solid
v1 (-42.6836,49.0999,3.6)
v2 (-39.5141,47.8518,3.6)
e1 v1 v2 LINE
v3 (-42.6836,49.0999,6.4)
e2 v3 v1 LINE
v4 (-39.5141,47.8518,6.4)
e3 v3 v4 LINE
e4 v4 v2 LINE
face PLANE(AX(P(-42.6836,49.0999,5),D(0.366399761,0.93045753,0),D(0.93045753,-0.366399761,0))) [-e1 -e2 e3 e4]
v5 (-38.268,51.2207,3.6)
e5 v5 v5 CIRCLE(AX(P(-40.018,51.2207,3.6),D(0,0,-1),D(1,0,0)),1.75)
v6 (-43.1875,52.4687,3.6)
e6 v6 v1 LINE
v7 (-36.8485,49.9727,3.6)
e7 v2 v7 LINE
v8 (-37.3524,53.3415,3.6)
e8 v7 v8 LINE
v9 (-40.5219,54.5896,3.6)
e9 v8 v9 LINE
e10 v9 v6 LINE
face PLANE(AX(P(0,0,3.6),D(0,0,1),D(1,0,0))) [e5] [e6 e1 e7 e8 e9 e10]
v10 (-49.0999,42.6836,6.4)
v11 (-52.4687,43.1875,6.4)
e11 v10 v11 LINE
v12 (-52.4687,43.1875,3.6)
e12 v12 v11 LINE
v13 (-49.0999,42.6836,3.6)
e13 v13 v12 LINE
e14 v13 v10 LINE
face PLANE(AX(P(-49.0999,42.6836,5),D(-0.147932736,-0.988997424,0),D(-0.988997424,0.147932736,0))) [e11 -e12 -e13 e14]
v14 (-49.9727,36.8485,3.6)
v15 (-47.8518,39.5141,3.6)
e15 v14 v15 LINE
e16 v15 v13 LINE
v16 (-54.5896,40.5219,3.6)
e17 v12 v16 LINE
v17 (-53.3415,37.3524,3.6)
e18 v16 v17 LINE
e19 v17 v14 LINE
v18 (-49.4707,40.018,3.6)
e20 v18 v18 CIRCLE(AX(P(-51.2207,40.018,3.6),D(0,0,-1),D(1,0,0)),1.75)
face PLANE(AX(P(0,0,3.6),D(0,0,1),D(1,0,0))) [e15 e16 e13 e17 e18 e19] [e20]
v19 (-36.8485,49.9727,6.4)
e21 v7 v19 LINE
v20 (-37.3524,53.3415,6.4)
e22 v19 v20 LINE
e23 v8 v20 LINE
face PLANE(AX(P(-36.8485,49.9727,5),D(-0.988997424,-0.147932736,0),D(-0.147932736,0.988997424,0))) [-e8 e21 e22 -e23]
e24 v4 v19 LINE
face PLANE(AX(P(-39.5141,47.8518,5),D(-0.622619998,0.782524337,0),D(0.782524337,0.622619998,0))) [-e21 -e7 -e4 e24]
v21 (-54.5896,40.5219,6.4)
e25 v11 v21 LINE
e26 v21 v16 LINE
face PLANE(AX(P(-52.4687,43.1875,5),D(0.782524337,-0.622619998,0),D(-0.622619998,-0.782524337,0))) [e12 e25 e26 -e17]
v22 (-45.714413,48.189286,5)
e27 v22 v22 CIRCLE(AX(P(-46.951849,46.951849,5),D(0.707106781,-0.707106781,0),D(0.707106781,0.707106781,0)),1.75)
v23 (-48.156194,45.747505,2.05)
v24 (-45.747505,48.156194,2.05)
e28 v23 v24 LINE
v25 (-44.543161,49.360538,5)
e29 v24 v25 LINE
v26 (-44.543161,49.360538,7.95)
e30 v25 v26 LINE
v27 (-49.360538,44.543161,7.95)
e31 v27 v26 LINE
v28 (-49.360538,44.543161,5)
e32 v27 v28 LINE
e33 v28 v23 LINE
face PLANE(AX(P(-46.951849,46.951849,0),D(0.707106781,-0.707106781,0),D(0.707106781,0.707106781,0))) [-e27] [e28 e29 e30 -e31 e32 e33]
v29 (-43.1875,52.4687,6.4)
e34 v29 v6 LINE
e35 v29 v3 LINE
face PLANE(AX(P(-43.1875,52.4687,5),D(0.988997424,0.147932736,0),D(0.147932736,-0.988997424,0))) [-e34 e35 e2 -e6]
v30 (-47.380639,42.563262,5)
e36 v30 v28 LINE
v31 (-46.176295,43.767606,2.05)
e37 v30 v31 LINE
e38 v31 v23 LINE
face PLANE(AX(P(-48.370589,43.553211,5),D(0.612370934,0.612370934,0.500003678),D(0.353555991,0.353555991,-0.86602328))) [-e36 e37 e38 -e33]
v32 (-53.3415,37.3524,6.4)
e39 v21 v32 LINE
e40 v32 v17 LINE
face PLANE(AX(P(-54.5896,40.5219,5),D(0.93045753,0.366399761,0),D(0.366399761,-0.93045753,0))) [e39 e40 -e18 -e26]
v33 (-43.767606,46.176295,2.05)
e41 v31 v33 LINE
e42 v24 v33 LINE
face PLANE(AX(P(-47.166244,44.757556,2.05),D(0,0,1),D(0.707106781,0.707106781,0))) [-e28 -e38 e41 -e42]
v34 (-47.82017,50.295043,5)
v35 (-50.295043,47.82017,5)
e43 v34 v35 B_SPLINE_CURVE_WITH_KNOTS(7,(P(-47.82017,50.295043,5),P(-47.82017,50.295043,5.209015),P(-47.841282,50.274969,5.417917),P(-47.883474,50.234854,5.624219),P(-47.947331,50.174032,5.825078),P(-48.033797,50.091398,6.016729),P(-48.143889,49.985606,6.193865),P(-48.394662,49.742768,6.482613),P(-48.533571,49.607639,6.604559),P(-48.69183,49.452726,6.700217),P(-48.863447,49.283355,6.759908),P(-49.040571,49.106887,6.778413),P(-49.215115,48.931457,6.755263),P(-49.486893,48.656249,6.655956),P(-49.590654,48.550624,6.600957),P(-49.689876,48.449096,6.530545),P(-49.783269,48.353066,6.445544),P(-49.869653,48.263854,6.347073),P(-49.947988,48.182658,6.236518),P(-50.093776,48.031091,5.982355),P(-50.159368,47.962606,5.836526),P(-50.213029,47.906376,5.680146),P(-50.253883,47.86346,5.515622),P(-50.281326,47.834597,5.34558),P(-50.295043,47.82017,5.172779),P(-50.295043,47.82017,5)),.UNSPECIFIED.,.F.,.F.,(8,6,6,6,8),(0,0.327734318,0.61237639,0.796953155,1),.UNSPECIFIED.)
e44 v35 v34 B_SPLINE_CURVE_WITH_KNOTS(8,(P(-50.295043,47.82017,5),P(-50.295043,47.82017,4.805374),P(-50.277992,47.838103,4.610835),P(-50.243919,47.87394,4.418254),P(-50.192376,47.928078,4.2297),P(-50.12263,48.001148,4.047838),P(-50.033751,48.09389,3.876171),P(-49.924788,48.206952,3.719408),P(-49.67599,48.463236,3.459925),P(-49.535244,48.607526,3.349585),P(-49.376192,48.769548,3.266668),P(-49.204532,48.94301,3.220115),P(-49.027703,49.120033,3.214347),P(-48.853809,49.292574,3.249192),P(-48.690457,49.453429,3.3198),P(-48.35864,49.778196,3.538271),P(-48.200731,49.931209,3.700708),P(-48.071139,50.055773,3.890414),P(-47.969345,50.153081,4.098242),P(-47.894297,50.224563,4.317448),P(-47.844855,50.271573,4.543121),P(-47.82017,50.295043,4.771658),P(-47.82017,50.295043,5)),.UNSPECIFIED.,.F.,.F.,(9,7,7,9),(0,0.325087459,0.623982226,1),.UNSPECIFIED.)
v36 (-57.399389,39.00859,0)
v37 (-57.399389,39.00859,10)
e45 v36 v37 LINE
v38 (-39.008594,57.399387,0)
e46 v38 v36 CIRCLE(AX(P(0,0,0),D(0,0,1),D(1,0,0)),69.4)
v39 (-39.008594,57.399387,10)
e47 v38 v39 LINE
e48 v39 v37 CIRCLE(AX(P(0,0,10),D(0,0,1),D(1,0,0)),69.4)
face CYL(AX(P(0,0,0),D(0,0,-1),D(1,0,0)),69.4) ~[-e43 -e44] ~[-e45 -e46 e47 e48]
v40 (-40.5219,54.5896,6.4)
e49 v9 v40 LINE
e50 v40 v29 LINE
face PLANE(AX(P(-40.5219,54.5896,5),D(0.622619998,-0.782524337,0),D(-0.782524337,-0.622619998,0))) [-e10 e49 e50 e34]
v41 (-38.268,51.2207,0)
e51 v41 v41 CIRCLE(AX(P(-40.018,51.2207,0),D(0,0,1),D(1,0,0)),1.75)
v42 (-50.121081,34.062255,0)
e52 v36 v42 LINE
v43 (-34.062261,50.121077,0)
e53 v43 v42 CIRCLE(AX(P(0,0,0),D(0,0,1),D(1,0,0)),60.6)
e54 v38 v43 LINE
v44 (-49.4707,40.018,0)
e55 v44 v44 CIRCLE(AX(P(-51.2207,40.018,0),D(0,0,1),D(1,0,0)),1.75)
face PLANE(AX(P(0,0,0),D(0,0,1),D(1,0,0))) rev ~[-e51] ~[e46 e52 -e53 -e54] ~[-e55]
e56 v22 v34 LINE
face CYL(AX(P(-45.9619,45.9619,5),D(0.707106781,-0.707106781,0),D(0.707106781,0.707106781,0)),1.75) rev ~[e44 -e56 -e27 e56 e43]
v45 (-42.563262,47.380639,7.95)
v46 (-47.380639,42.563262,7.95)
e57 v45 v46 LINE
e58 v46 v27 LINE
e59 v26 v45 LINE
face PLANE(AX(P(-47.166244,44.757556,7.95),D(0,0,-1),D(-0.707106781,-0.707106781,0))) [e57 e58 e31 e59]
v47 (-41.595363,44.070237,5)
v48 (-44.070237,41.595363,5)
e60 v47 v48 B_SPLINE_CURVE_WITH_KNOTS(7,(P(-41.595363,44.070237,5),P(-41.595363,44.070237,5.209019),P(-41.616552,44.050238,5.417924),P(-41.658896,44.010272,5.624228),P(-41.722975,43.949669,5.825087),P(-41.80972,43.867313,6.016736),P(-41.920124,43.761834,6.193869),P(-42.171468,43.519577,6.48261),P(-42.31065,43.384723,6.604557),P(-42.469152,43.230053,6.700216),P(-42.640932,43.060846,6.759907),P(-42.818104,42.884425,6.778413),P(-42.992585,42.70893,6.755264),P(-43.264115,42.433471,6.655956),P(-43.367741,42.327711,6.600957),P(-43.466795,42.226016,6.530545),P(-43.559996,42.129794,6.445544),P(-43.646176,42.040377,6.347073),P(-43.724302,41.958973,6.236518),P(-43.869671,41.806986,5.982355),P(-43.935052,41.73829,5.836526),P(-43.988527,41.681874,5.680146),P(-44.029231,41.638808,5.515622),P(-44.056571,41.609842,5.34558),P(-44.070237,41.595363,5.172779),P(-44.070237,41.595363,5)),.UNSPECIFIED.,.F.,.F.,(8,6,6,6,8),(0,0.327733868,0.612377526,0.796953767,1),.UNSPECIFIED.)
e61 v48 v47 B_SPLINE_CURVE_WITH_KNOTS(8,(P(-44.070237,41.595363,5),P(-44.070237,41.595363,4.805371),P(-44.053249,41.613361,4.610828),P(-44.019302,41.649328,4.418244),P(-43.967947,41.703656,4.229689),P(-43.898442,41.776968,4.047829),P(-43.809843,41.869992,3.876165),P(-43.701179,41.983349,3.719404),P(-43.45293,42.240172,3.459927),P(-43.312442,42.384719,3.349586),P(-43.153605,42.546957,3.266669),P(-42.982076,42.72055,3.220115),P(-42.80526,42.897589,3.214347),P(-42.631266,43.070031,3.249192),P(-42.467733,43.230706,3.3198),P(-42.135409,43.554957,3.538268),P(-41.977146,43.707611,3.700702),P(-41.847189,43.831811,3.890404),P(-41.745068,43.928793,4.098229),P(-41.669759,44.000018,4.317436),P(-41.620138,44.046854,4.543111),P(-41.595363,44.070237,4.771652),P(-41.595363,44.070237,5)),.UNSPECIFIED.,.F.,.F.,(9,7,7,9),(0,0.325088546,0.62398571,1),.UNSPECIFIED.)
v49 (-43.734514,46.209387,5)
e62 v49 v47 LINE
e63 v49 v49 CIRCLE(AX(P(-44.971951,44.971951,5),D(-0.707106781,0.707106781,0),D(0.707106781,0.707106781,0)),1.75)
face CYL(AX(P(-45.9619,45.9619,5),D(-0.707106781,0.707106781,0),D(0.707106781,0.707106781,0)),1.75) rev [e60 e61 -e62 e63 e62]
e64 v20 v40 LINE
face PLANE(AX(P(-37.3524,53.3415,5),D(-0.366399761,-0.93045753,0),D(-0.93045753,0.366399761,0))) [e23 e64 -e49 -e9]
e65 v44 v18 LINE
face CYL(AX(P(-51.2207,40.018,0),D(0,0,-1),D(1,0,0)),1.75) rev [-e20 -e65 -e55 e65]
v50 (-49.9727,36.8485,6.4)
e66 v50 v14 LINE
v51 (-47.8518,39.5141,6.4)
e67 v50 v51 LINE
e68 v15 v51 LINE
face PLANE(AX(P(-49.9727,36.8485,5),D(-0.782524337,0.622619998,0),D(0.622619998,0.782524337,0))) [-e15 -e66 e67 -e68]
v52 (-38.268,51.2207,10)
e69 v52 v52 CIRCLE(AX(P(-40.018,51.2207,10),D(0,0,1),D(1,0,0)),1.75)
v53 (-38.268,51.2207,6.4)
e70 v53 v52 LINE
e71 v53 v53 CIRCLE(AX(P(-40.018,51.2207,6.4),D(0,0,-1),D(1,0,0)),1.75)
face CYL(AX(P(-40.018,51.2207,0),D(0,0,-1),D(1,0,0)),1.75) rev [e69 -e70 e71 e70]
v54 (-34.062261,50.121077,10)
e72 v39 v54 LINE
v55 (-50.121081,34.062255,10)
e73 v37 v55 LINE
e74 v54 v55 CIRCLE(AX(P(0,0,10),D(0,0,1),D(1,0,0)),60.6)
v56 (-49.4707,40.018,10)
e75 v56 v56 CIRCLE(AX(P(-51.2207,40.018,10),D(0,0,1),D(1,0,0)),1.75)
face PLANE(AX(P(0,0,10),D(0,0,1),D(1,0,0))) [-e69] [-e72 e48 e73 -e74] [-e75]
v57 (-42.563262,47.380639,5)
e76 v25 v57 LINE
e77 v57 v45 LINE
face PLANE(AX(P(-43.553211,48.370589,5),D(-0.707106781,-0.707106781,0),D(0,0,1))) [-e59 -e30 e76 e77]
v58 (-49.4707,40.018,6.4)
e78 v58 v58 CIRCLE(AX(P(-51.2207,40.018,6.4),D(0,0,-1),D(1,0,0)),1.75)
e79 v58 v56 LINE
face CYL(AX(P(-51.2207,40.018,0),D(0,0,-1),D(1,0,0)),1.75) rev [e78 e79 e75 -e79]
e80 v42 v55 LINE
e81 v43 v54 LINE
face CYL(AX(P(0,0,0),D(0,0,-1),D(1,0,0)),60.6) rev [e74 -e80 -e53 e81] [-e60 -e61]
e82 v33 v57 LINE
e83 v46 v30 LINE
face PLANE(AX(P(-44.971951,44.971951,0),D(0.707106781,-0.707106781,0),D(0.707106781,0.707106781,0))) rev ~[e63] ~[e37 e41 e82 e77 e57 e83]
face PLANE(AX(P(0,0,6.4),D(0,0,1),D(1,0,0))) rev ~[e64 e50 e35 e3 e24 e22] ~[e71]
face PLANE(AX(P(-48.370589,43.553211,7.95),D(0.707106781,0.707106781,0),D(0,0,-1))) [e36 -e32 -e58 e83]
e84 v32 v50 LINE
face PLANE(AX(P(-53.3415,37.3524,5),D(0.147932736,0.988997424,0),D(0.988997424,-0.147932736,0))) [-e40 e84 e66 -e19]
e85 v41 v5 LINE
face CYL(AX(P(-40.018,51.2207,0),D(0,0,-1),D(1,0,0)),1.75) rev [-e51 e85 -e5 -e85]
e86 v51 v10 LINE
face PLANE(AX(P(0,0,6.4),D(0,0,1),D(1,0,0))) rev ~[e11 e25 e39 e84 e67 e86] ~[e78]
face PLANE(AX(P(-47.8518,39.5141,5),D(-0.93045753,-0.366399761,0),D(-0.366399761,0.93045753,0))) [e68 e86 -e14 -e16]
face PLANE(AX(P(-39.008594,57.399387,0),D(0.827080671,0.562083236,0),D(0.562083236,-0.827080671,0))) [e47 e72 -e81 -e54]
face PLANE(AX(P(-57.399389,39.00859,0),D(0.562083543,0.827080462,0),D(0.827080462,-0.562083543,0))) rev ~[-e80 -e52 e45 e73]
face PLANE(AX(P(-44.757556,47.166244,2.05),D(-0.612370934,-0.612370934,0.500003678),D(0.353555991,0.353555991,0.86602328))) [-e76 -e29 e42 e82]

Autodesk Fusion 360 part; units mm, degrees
sketch "Skizze1" plane through (0, 0, 0) normal (0, 0, 1) x (1, 0, 0)
  circle A0 centre (0, 0) radius 65 construction
  line L0 (-66.7503, 52.1511) -> (89.6233, -70.0214) construction
  line L1 (-51.5684, 66.0045) -> (50.4838, -64.6164) construction
  line L2 (-86.5753, 0) -> (92.1282, 0) construction
  line L3 (0, 84.3443) -> (0, -71.5181) construction
  circle A1 centre (0, 0) radius 60.6
  circle A2 centre (0, 0) radius 69.4
  line L4 (-42.8236, 63.013) -> (41.6736, -61.3209)
  line L5 (-61.3482, 41.6922) -> (84.2724, -57.2715)
  circle A3 centre (-51.2207, 40.018) radius 1.75
  circle A4 centre (-40.018, 51.2207) radius 1.75
  line L6 (-91.6282, 91.6282) -> (70.0913, -70.0913) construction
  line L7 (-102.9597, -11.0359) -> (6.8047, 98.7286) construction
  point P0 (-51.2207, 40.018)
  point P1 (-40.018, 51.2207)
  point P2 (-51.2207, 40.018)
  point P3 (-40.018, 51.2207)
  point P4 (-45.9619, 45.9619)
  dimension "d1" = 130
  dimension "d2" = 38
  dimension "d3" = 38
  dimension "d4" = 121.2
  dimension "d5" = 138.8
  dimension "d6" = 34.2
  dimension "d7" = 34.2
  dimension "d10" = 3.5
  dimension "d11" = 3.5
  dimension "d12" = 45
ref_plane "Arbeitsebene1" through (0, 0, 0) normal (0.7071, 0.7071, 0) x (-0.7071, 0.7071, 0)
sketch "Skizze3" plane through (0, 0, 0) normal (0.7071, 0.7071, 0) x (-0.7071, 0.7071, 0)
  line L0 (65, 53.8628) -> (65, -35) construction
  point P0 (65, 0)
ref_plane "Arbeitsebene2" through (-45.9619, 45.9619, 0) normal (0.7071, -0.7071, 0) x (0.7071, 0.7071, 0)
sketch "Skizze4" plane through (-45.9619, 45.9619, 0) normal (0.7071, -0.7071, 0) x (0.7071, 0.7071, 0)
  line L0 (0, 44.1227) -> (0, -35) construction
  line L1 (53.181, 0) -> (-38.9604, 0) construction
  line L2 (51.233, 5) -> (-51.6226, 5) construction
  line L3 (1.7032, 2.05) -> (3.4064, 5)
  line L4 (3.4064, 5) -> (1.7032, 7.95)
  line L5 (1.7032, 7.95) -> (-1.7032, 7.95)
  line L6 (-1.7032, 7.95) -> (-3.4064, 5)
  line L7 (-3.4064, 5) -> (-1.7032, 2.05)
  line L8 (-1.7032, 2.05) -> (1.7032, 2.05)
  line L9 (3.4064, 7.95) -> (-3.4064, 7.95)
  line L10 (-3.4064, 7.95) -> (-3.4064, 5)
  line L11 (-3.4064, 5) -> (3.4064, 5)
  line L12 (3.4064, 5) -> (3.4064, 7.95)
  circle A0 centre (0, 5) radius 1.75
  point P0 (0, 5)
  dimension "d13" = 5
  dimension "d15" = 5.9
  dimension "d28" = 3.5
extrude "Extrusion1" add sketch "Skizze1" along normal blind 10 contours A1 A2 L4 L5 picked at (-47.8032, 46.0094)
extrude "Extrusion2" cut sketch "Skizze4" along normal mid plane 2.8
ref_plane "Arbeitsebene3" through (0, 0, 5) normal (0, 0, 1) x (1, 0, 0)
sketch "Skizze5" plane through (0, 0, 5) normal (0, 0, 1) x (1, 0, 0)
  line L0 (-43.0431, 55.0926) -> (33.9956, -43.5124) construction
  line L1 (-63.2817, 49.4411) -> (43.7853, -34.2088) construction
  line L2 (-70, 0) -> (67.6704, 0) construction
  line L3 (0, 69.2816) -> (0, -27.82) construction
  circle A0 centre (0, 0) radius 65 construction
  line L4 (-36.8485, 49.9727) -> (-37.3524, 53.3415)
  line L5 (-37.3524, 53.3415) -> (-40.5219, 54.5896)
  line L6 (-40.5219, 54.5896) -> (-43.1875, 52.4687)
  line L7 (-43.1875, 52.4687) -> (-42.6836, 49.0999)
  line L8 (-42.6836, 49.0999) -> (-39.5141, 47.8518)
  line L9 (-39.5141, 47.8518) -> (-36.8485, 49.9727)
  line L10 (-47.8518, 39.5141) -> (-49.0999, 42.6836)
  line L11 (-49.0999, 42.6836) -> (-52.4687, 43.1875)
  line L12 (-52.4687, 43.1875) -> (-54.5896, 40.5219)
  line L13 (-54.5896, 40.5219) -> (-53.3415, 37.3524)
  line L14 (-53.3415, 37.3524) -> (-49.9727, 36.8485)
  line L15 (-49.9727, 36.8485) -> (-47.8518, 39.5141)
  point P0 (-40.018, 51.2207)
  point P1 (-51.2207, 40.018)
  point P2 (-40.018, 51.2207)
  point P3 (-51.2207, 40.018)
  dimension "d21" = 38
  dimension "d22" = 38
  dimension "d23" = 130
  dimension "d24" = 5.9
  dimension "d25" = 5.9
extrude "Extrusion3" cut sketch "Skizze5" along normal mid plane 2.8
extrude "Extrusion4" cut sketch "Skizze4" along normal mid plane 30 contours L11 A0 | L11 A0
